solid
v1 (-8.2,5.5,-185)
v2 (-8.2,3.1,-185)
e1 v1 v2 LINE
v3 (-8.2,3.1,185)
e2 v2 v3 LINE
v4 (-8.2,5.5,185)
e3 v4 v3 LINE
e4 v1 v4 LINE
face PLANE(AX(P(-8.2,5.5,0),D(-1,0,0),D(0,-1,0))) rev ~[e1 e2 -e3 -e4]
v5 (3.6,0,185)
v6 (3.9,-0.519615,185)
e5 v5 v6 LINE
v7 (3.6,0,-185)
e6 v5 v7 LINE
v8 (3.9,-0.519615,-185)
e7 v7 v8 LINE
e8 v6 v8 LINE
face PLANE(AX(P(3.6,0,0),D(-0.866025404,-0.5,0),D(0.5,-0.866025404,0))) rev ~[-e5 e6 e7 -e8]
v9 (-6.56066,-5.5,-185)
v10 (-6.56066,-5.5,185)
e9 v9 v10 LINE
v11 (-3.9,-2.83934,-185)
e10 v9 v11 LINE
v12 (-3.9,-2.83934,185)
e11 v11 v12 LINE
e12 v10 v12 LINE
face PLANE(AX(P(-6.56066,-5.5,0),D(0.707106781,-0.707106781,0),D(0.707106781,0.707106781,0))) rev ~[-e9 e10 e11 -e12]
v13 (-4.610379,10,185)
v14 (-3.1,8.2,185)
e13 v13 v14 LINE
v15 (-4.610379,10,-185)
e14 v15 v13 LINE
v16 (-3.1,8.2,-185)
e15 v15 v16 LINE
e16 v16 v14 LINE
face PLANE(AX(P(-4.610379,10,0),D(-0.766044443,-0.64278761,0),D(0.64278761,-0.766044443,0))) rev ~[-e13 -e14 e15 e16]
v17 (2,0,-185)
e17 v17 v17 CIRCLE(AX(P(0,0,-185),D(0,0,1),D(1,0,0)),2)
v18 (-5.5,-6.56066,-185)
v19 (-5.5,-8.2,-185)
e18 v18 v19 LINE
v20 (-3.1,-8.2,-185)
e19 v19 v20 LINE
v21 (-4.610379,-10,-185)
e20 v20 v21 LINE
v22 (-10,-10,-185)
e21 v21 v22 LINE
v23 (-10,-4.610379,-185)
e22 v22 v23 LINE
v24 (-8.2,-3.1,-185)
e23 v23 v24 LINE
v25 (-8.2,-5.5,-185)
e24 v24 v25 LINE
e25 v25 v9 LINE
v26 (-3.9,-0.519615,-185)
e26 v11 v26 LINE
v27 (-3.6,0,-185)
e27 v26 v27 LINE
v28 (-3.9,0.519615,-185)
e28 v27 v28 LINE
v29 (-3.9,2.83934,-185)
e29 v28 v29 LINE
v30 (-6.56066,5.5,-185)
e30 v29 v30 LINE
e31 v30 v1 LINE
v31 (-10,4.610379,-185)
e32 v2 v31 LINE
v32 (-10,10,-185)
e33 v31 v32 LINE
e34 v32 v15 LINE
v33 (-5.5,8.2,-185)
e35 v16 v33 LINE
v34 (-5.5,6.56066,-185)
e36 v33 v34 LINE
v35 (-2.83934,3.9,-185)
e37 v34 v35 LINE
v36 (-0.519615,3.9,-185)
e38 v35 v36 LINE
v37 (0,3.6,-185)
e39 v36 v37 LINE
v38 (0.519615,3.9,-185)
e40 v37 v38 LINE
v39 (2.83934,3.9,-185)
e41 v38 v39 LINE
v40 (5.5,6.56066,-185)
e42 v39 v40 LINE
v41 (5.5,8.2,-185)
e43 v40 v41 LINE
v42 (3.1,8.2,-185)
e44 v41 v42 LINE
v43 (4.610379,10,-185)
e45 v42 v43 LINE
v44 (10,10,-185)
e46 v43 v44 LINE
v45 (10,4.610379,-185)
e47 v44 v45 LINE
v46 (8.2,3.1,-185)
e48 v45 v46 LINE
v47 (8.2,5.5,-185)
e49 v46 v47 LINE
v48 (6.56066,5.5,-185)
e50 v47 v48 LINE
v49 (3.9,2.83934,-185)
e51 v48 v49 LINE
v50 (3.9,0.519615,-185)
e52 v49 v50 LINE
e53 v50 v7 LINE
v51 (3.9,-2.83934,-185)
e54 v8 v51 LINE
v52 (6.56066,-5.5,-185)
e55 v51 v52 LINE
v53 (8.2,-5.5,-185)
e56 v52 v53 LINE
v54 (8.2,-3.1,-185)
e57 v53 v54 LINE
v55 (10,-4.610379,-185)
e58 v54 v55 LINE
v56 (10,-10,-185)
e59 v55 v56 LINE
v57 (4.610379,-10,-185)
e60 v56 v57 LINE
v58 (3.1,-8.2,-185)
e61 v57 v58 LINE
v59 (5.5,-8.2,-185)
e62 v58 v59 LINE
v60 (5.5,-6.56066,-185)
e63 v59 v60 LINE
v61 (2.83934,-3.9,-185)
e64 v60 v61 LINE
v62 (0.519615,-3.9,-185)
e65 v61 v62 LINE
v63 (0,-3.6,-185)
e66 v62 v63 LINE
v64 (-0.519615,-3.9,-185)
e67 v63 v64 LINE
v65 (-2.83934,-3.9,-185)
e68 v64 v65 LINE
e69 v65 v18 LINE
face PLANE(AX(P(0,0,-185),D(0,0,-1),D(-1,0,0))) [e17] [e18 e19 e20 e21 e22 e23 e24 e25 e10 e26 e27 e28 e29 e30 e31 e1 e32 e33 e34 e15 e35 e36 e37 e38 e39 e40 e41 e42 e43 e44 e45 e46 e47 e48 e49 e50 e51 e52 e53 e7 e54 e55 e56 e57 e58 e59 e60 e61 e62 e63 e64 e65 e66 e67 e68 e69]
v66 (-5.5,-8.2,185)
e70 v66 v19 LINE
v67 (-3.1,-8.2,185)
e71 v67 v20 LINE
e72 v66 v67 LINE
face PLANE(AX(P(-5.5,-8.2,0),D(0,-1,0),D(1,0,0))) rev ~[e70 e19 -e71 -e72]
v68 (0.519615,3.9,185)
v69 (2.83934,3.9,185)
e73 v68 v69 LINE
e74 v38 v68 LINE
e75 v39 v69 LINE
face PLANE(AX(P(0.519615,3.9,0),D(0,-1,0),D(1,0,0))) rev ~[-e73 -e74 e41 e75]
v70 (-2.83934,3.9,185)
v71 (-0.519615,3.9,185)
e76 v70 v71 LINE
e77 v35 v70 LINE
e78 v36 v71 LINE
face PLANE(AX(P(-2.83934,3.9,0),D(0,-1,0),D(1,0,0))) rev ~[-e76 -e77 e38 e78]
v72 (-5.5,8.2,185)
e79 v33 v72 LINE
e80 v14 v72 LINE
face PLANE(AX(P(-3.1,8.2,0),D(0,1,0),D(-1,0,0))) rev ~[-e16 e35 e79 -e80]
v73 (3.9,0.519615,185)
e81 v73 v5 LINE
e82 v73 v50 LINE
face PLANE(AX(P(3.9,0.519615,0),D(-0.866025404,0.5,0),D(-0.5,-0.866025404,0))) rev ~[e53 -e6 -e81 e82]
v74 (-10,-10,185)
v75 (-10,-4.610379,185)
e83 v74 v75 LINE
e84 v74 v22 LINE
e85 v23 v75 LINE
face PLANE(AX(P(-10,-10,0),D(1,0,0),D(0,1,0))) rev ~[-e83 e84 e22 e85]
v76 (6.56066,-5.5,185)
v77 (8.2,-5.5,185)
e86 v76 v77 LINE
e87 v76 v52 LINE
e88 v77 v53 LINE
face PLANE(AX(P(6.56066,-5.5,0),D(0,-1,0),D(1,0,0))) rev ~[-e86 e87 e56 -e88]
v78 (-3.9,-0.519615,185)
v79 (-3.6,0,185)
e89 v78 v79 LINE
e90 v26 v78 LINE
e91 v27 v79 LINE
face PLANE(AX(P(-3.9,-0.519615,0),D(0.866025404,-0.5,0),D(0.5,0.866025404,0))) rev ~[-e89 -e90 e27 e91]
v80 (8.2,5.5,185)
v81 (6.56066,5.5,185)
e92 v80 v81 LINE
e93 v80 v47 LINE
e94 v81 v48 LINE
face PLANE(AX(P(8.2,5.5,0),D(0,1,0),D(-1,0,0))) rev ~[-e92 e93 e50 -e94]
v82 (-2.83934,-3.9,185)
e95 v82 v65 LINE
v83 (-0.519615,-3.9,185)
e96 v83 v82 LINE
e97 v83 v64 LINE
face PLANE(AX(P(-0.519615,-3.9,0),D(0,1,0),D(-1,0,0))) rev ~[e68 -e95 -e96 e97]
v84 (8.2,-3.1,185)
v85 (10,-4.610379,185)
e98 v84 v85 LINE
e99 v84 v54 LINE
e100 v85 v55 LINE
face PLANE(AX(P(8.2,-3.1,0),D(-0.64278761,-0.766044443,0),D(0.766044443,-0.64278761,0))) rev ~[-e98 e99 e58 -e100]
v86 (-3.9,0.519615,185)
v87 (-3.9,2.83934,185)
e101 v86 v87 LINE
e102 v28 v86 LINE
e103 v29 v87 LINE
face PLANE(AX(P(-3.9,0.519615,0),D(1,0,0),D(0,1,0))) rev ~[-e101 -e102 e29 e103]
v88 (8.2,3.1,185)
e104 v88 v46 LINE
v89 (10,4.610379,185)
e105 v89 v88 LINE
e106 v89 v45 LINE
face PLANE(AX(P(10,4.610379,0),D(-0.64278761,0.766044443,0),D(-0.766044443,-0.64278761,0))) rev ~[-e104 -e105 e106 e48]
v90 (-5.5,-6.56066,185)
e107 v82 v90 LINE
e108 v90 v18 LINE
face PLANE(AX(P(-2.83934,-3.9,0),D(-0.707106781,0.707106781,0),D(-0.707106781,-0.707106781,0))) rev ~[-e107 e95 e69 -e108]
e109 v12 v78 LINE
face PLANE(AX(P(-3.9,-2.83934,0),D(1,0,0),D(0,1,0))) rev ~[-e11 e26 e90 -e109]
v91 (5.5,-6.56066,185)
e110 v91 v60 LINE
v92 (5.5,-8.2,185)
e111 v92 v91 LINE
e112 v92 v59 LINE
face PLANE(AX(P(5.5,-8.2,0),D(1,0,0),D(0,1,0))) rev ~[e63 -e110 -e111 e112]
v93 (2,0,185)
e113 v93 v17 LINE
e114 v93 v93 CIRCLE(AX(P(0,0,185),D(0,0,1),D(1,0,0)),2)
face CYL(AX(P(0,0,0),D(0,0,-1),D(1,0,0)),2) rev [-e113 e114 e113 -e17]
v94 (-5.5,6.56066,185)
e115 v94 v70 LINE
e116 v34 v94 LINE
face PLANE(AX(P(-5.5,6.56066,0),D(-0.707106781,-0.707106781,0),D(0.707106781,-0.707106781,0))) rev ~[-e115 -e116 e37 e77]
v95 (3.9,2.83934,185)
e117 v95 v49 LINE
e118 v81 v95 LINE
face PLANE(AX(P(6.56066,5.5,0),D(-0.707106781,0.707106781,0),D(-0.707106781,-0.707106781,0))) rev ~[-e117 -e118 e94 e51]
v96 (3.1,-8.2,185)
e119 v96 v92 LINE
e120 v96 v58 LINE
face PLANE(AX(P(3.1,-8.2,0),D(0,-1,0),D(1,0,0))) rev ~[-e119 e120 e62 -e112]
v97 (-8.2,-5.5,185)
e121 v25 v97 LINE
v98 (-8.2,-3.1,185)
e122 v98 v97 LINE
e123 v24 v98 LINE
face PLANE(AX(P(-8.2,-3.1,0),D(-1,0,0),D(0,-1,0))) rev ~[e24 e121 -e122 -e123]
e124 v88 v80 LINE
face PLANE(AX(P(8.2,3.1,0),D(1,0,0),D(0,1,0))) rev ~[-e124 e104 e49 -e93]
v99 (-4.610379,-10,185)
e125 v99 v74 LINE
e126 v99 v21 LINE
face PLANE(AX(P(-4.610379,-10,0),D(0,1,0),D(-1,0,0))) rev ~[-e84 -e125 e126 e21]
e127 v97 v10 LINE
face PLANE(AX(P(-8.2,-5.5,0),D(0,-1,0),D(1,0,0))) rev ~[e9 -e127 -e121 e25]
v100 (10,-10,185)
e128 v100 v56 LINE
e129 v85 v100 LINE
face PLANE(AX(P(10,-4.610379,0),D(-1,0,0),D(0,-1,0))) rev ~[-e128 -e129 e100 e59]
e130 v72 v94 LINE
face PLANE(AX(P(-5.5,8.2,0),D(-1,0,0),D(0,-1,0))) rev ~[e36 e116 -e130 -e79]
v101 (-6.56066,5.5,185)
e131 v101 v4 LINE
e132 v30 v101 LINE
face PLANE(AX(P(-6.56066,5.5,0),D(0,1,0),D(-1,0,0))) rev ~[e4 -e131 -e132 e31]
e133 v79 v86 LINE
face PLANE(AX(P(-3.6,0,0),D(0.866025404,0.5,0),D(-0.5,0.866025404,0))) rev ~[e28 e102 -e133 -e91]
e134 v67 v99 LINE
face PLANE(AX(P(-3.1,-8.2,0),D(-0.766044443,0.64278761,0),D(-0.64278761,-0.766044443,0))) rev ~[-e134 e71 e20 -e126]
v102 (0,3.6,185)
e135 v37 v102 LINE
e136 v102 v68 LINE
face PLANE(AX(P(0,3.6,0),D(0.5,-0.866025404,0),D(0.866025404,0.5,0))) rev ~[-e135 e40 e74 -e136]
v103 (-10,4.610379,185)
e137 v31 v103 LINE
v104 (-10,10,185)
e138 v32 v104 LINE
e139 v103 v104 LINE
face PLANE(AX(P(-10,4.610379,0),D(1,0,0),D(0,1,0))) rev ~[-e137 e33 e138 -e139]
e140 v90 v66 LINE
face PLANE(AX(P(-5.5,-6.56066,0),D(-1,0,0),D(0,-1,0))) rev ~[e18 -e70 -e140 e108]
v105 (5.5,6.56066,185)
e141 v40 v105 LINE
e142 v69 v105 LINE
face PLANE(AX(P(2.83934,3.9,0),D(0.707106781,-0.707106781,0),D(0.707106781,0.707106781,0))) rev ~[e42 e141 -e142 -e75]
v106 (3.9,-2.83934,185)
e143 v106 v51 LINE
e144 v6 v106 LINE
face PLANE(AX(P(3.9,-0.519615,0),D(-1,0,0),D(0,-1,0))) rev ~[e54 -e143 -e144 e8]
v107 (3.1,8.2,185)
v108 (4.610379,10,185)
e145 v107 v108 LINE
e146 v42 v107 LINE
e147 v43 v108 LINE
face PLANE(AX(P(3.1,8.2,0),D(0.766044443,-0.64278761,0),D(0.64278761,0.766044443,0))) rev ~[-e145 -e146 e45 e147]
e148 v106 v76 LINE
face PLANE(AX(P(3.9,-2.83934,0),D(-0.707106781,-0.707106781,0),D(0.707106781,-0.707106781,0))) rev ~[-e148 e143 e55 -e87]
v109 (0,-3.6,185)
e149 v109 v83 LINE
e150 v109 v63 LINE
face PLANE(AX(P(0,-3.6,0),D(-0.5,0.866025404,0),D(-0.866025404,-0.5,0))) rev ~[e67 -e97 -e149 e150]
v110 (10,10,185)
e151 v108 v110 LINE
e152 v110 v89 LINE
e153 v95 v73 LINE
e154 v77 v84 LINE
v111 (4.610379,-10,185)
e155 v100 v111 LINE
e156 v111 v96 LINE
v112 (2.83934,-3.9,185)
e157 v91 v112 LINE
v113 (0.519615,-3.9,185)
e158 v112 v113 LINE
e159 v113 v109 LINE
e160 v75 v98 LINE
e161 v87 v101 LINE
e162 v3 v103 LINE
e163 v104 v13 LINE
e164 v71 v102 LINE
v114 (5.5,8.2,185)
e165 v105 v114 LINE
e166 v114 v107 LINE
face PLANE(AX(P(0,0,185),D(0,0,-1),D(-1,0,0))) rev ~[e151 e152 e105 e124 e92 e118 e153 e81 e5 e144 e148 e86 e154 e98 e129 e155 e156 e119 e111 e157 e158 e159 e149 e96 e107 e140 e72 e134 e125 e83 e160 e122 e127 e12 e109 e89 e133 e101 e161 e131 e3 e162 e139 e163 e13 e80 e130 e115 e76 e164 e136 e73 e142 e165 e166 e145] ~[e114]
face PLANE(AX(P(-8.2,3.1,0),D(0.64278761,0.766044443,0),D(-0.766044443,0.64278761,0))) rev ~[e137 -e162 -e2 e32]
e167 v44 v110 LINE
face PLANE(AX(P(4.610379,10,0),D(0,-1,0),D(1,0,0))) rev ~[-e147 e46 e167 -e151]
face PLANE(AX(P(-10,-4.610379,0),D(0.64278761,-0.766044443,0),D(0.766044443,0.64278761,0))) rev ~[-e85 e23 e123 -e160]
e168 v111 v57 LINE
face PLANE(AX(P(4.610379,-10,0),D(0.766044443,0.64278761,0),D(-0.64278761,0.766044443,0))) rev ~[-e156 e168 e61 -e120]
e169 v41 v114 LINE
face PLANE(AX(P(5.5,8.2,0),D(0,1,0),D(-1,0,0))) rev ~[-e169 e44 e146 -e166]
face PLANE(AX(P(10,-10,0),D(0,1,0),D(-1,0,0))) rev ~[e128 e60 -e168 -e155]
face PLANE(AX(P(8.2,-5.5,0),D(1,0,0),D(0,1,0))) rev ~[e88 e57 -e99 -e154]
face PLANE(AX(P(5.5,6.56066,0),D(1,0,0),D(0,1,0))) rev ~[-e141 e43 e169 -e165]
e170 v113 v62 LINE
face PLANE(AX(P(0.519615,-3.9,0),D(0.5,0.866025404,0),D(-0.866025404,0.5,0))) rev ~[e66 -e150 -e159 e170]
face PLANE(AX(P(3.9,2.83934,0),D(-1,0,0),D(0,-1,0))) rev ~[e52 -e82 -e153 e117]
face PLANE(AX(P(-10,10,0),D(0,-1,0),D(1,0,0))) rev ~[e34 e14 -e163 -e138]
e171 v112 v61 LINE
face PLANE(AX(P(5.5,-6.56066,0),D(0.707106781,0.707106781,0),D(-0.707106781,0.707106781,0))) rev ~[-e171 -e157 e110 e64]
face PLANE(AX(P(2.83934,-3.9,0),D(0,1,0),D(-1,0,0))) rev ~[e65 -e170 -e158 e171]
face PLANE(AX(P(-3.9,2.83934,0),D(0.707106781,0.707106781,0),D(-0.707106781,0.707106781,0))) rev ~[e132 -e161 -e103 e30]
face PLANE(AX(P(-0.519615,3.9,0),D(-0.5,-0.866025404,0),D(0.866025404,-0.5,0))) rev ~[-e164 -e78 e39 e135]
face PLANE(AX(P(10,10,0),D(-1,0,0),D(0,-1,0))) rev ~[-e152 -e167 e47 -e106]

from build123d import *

# Parameters (mm, degrees)
SKETCH1_R           = 2
BOSS_EXTRUDE1_DEPTH = 185


with BuildPart() as part:
    # Sketch1 → Boss-Extrude1 (new, symmetric)
    with BuildSketch(Plane.XY):
        Polygon((10, 10), (10, 4.610379336), (8.2, 3.1), (8.2, 5.5), (6.560660172, 5.5), (3.9, 2.839339828), (3.9, 0.519615242), (3.6, 0), (3.9, -0.519615242), (3.9, -2.839339828), (6.560660172, -5.5), (8.2, -5.5), (8.2, -3.1), (10, -4.610379336), (10, -10), (4.610379336, -10), (3.1, -8.2), (5.5, -8.2), (5.5, -6.560660172), (2.839339828, -3.9), (0.519615242, -3.9), (0, -3.6), (-0.519615242, -3.9), (-2.839339828, -3.9), (-5.5, -6.560660172), (-5.5, -8.2), (-3.1, -8.2), (-4.610379336, -10), (-10, -10), (-10, -4.610379336), (-8.2, -3.1), (-8.2, -5.5), (-6.560660172, -5.5), (-3.9, -2.839339828), (-3.9, -0.519615242), (-3.6, 0), (-3.9, 0.519615242), (-3.9, 2.839339828), (-6.560660172, 5.5), (-8.2, 5.5), (-8.2, 3.1), (-10, 4.610379336), (-10, 10), (-4.610379336, 10), (-3.1, 8.2), (-5.5, 8.2), (-5.5, 6.560660172), (-2.839339828, 3.9), (-0.519615242, 3.9), (0, 3.6), (0.519615242, 3.9), (2.839339828, 3.9), (5.5, 6.560660172), (5.5, 8.2), (3.1, 8.2), (4.610379336, 10), align=None)
        Circle(SKETCH1_R, mode=Mode.SUBTRACT)
    extrude(amount=BOSS_EXTRUDE1_DEPTH, both=True)


solid = part.part
